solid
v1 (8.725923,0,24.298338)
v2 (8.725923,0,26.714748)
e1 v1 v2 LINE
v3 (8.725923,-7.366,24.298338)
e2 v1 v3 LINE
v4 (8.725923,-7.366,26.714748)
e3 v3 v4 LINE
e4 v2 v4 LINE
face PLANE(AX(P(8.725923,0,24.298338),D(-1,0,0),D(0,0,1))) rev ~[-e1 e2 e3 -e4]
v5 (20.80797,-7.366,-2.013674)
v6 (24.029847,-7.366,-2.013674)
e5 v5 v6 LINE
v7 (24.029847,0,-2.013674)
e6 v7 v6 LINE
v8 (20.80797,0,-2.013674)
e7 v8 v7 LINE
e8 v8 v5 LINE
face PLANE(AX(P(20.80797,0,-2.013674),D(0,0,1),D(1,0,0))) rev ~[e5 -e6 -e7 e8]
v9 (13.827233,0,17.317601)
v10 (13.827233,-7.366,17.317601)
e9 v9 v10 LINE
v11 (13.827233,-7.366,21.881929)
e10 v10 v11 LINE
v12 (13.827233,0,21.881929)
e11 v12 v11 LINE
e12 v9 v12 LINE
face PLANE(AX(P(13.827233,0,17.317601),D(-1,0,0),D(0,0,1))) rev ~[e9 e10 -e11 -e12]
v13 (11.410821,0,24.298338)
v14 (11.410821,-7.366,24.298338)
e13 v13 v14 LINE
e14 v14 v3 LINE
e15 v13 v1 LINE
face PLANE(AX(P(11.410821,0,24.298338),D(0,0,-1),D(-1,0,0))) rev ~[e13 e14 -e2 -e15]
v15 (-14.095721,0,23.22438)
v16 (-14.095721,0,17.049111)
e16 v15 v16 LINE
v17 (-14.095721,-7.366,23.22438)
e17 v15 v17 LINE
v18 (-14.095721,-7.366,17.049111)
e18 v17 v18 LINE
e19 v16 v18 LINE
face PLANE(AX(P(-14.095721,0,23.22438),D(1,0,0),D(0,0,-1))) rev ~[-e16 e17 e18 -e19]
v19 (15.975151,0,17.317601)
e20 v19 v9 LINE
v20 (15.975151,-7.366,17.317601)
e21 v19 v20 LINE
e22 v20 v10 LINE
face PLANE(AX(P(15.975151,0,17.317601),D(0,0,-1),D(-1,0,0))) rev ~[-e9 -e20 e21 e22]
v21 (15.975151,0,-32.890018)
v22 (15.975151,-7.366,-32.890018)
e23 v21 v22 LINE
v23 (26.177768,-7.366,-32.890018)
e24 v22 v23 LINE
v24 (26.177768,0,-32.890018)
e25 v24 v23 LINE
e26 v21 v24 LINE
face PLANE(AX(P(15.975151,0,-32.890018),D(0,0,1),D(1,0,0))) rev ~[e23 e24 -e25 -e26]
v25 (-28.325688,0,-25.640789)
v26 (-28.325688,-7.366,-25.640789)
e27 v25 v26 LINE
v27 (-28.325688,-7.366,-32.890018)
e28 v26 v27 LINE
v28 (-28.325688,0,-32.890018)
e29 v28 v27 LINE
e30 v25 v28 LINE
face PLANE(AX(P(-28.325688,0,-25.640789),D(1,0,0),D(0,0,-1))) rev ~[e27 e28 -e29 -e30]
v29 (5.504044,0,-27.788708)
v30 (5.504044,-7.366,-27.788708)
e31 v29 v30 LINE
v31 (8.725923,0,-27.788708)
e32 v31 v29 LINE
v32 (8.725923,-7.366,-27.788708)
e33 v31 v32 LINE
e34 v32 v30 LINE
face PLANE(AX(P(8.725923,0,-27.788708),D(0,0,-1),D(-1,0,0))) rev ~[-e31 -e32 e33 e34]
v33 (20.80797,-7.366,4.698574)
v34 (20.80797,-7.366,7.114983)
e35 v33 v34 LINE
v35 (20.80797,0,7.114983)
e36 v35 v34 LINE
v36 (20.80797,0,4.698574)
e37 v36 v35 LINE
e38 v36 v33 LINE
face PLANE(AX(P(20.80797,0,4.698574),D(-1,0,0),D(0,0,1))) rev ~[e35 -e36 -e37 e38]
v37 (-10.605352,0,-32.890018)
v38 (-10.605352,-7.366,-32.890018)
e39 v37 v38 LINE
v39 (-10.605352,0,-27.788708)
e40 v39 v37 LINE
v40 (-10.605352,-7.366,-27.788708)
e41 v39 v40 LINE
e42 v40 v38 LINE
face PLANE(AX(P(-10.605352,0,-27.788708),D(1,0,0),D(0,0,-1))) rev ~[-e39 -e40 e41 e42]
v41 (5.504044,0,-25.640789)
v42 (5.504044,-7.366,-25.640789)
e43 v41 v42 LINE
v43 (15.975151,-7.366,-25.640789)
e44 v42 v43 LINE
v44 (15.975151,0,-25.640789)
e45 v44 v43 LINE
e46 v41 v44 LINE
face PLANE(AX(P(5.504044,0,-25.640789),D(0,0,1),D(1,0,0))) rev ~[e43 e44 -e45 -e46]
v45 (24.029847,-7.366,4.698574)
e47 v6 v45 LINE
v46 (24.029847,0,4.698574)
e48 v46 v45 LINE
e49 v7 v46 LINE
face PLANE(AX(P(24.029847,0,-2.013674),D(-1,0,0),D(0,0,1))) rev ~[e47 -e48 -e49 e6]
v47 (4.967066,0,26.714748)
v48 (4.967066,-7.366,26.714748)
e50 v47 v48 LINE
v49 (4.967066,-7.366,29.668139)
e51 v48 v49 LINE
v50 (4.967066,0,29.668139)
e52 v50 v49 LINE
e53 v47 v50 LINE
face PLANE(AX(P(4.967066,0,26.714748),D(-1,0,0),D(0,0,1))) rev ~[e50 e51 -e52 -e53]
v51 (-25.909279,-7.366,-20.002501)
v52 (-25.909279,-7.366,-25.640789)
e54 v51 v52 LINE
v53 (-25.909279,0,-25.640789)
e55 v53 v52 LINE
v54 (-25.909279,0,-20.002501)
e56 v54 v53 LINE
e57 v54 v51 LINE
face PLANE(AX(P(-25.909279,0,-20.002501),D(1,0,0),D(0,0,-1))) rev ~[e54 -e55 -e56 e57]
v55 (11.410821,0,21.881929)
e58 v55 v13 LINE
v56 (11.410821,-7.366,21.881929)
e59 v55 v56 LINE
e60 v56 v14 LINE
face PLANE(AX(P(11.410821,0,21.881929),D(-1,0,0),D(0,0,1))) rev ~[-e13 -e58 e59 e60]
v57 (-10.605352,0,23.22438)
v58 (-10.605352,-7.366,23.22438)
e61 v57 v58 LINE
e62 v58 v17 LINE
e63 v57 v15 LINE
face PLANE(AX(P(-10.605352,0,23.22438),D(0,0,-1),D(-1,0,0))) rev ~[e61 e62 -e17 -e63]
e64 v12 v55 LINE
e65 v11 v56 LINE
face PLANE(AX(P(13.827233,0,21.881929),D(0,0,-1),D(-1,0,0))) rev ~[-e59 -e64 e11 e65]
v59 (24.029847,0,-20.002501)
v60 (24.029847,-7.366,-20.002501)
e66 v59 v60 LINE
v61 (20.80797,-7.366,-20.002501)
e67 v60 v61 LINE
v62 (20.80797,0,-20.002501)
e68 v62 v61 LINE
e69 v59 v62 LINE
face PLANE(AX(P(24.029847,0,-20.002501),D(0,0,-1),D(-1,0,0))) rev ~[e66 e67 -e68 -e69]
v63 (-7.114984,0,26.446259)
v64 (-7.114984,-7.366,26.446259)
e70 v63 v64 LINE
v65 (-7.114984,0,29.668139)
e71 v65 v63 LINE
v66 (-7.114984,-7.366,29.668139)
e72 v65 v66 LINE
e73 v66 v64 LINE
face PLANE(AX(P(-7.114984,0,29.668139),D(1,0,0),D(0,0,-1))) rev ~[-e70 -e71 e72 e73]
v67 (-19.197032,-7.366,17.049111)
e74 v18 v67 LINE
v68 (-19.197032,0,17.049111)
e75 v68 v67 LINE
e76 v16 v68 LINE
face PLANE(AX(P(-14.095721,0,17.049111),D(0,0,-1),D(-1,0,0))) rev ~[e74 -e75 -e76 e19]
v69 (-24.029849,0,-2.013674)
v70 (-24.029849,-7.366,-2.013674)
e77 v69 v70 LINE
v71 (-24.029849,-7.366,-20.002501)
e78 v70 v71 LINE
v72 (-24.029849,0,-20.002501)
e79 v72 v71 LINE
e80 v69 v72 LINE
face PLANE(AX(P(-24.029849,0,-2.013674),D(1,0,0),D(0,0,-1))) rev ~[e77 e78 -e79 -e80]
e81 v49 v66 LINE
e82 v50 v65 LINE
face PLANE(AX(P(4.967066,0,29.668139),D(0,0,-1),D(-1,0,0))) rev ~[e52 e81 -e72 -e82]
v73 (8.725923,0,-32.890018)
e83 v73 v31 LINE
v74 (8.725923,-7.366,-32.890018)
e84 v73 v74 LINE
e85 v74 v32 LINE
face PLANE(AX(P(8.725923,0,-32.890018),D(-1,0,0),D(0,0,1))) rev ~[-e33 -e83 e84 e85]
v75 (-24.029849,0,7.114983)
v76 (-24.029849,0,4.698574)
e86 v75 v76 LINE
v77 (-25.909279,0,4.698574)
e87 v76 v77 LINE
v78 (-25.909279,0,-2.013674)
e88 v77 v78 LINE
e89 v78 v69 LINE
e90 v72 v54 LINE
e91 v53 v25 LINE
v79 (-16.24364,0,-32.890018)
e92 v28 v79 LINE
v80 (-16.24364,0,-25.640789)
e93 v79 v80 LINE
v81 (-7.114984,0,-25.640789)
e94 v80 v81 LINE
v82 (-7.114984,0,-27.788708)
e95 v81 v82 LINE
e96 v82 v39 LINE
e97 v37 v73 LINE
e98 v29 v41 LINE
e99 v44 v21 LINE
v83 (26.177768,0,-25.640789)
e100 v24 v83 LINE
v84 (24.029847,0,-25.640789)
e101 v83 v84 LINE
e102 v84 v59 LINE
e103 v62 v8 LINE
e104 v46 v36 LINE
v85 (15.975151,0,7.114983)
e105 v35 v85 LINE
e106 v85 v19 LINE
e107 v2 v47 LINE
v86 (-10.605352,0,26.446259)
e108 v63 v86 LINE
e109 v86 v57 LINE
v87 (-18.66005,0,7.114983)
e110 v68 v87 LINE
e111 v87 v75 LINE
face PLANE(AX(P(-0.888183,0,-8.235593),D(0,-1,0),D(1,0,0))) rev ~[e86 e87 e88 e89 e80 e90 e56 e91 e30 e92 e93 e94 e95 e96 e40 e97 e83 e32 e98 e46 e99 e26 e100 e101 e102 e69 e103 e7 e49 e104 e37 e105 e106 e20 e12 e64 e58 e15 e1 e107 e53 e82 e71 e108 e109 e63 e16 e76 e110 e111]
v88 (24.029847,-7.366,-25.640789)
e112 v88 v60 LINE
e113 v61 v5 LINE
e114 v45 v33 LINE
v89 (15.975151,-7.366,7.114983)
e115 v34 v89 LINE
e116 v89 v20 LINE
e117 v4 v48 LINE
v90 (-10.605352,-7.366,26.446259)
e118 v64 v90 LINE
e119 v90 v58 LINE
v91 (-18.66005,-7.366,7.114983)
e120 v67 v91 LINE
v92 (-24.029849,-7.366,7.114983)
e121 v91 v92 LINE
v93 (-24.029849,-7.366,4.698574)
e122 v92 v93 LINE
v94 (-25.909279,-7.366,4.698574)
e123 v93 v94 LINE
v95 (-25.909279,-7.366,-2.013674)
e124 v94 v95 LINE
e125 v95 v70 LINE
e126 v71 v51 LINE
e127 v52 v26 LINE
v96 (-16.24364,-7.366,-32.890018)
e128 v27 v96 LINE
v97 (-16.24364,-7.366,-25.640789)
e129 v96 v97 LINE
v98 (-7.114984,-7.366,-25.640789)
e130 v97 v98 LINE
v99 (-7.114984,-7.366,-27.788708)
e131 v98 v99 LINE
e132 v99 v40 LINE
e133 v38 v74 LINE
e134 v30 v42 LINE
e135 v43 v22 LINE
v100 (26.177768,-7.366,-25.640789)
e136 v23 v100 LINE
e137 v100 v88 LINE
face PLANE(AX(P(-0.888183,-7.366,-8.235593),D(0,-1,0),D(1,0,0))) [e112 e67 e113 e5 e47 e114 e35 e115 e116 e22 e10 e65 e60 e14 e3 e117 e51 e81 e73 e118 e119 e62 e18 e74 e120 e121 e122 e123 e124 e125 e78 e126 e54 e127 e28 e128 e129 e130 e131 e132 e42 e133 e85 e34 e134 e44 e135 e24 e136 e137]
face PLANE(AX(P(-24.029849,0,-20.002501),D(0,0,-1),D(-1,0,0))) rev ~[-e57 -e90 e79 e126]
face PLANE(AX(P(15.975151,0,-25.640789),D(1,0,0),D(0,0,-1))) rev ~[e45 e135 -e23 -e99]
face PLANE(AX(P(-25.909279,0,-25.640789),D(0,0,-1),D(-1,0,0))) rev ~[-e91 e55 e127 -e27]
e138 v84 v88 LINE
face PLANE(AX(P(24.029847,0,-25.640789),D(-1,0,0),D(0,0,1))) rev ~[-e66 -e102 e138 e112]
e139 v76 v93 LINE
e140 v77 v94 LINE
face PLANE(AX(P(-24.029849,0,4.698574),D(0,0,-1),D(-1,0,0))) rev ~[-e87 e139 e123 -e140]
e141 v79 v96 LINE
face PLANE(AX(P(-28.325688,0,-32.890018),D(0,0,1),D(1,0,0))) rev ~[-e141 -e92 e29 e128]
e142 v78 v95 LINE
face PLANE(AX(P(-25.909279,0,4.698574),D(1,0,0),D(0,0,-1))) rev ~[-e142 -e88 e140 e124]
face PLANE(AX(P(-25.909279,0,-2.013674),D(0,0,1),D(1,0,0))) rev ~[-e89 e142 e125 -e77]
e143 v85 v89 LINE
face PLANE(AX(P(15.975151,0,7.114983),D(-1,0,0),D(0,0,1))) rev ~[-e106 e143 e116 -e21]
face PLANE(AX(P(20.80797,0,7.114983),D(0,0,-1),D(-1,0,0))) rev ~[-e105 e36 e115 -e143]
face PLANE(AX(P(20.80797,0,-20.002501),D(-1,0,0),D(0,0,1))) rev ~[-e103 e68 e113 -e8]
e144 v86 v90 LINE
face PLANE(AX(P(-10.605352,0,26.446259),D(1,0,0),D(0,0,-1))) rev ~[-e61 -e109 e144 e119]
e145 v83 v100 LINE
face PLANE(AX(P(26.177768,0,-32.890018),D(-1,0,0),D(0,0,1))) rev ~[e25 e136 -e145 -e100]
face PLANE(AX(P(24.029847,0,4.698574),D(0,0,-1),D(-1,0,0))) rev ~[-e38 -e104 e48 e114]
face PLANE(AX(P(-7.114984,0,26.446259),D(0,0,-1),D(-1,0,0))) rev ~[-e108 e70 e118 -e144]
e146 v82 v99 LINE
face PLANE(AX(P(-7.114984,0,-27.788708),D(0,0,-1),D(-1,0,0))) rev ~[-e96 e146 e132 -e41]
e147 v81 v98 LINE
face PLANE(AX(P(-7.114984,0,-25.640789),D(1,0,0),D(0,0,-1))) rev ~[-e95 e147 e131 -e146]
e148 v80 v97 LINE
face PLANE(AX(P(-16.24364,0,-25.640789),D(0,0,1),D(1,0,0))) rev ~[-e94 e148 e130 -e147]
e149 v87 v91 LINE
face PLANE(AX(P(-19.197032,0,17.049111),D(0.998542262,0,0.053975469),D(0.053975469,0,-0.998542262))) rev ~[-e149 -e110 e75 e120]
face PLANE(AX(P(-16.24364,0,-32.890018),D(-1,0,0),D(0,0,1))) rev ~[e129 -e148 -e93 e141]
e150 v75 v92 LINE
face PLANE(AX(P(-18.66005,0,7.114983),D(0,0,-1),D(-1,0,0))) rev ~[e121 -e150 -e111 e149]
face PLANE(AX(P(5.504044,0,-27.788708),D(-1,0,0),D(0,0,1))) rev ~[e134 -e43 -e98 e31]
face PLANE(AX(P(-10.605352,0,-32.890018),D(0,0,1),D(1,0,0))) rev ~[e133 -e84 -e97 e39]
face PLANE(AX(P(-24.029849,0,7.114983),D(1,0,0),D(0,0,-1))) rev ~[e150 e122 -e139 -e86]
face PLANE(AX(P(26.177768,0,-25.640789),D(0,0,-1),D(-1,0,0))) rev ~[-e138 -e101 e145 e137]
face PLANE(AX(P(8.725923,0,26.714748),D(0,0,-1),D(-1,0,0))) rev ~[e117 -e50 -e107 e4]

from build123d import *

# Parameters (mm, degrees)
F1_DEPTH = 7.366


with BuildPart() as f1:
    # F0 (on Front) → F1 (new body)
    with BuildSketch(Plane.XZ):
        Polygon((4.967066, 29.668139), (-3.087636, 29.668139), (-7.114984, 29.668139), (-7.114984, 26.446259), (-10.605352, 26.446259), (-10.605352, 23.22438), (-14.095721, 23.22438), (-14.095721, 17.049111), (-19.197032, 17.049111), (-18.66005, 7.114983), (-24.029849, 7.114983), (-24.029849, 4.698574), (-25.909279, 4.698574), (-25.909279, -2.013674), (-24.029849, -2.013674), (-24.029849, -20.002501), (-25.909279, -20.002501), (-25.909279, -25.640789), (-28.325688, -25.640789), (-28.325688, -27.788708), (-28.325688, -32.890018), (-16.24364, -32.890018), (-16.24364, -25.640789), (-7.114984, -25.640789), (-7.114984, -27.788708), (-10.605352, -27.788708), (-10.605352, -32.890018), (8.725923, -32.890018), (8.725923, -27.788708), (5.504044, -27.788708), (5.504044, -25.640789), (15.975151, -25.640789), (15.975151, -32.890018), (26.177768, -32.890018), (26.177768, -25.640789), (24.029847, -25.640789), (24.029847, -20.002501), (20.80797, -20.002501), (20.80797, -2.013674), (24.029847, -2.013674), (24.029847, 4.698574), (20.80797, 4.698574), (20.80797, 7.114983), (15.975151, 7.114983), (15.975151, 17.317601), (13.827233, 17.317601), (13.827233, 21.881929), (11.410821, 21.881929), (11.410821, 24.298338), (8.725923, 24.298338), (8.725923, 26.714748), (4.967066, 26.714748), align=None)
    extrude(amount=F1_DEPTH)


solid = f1.part
